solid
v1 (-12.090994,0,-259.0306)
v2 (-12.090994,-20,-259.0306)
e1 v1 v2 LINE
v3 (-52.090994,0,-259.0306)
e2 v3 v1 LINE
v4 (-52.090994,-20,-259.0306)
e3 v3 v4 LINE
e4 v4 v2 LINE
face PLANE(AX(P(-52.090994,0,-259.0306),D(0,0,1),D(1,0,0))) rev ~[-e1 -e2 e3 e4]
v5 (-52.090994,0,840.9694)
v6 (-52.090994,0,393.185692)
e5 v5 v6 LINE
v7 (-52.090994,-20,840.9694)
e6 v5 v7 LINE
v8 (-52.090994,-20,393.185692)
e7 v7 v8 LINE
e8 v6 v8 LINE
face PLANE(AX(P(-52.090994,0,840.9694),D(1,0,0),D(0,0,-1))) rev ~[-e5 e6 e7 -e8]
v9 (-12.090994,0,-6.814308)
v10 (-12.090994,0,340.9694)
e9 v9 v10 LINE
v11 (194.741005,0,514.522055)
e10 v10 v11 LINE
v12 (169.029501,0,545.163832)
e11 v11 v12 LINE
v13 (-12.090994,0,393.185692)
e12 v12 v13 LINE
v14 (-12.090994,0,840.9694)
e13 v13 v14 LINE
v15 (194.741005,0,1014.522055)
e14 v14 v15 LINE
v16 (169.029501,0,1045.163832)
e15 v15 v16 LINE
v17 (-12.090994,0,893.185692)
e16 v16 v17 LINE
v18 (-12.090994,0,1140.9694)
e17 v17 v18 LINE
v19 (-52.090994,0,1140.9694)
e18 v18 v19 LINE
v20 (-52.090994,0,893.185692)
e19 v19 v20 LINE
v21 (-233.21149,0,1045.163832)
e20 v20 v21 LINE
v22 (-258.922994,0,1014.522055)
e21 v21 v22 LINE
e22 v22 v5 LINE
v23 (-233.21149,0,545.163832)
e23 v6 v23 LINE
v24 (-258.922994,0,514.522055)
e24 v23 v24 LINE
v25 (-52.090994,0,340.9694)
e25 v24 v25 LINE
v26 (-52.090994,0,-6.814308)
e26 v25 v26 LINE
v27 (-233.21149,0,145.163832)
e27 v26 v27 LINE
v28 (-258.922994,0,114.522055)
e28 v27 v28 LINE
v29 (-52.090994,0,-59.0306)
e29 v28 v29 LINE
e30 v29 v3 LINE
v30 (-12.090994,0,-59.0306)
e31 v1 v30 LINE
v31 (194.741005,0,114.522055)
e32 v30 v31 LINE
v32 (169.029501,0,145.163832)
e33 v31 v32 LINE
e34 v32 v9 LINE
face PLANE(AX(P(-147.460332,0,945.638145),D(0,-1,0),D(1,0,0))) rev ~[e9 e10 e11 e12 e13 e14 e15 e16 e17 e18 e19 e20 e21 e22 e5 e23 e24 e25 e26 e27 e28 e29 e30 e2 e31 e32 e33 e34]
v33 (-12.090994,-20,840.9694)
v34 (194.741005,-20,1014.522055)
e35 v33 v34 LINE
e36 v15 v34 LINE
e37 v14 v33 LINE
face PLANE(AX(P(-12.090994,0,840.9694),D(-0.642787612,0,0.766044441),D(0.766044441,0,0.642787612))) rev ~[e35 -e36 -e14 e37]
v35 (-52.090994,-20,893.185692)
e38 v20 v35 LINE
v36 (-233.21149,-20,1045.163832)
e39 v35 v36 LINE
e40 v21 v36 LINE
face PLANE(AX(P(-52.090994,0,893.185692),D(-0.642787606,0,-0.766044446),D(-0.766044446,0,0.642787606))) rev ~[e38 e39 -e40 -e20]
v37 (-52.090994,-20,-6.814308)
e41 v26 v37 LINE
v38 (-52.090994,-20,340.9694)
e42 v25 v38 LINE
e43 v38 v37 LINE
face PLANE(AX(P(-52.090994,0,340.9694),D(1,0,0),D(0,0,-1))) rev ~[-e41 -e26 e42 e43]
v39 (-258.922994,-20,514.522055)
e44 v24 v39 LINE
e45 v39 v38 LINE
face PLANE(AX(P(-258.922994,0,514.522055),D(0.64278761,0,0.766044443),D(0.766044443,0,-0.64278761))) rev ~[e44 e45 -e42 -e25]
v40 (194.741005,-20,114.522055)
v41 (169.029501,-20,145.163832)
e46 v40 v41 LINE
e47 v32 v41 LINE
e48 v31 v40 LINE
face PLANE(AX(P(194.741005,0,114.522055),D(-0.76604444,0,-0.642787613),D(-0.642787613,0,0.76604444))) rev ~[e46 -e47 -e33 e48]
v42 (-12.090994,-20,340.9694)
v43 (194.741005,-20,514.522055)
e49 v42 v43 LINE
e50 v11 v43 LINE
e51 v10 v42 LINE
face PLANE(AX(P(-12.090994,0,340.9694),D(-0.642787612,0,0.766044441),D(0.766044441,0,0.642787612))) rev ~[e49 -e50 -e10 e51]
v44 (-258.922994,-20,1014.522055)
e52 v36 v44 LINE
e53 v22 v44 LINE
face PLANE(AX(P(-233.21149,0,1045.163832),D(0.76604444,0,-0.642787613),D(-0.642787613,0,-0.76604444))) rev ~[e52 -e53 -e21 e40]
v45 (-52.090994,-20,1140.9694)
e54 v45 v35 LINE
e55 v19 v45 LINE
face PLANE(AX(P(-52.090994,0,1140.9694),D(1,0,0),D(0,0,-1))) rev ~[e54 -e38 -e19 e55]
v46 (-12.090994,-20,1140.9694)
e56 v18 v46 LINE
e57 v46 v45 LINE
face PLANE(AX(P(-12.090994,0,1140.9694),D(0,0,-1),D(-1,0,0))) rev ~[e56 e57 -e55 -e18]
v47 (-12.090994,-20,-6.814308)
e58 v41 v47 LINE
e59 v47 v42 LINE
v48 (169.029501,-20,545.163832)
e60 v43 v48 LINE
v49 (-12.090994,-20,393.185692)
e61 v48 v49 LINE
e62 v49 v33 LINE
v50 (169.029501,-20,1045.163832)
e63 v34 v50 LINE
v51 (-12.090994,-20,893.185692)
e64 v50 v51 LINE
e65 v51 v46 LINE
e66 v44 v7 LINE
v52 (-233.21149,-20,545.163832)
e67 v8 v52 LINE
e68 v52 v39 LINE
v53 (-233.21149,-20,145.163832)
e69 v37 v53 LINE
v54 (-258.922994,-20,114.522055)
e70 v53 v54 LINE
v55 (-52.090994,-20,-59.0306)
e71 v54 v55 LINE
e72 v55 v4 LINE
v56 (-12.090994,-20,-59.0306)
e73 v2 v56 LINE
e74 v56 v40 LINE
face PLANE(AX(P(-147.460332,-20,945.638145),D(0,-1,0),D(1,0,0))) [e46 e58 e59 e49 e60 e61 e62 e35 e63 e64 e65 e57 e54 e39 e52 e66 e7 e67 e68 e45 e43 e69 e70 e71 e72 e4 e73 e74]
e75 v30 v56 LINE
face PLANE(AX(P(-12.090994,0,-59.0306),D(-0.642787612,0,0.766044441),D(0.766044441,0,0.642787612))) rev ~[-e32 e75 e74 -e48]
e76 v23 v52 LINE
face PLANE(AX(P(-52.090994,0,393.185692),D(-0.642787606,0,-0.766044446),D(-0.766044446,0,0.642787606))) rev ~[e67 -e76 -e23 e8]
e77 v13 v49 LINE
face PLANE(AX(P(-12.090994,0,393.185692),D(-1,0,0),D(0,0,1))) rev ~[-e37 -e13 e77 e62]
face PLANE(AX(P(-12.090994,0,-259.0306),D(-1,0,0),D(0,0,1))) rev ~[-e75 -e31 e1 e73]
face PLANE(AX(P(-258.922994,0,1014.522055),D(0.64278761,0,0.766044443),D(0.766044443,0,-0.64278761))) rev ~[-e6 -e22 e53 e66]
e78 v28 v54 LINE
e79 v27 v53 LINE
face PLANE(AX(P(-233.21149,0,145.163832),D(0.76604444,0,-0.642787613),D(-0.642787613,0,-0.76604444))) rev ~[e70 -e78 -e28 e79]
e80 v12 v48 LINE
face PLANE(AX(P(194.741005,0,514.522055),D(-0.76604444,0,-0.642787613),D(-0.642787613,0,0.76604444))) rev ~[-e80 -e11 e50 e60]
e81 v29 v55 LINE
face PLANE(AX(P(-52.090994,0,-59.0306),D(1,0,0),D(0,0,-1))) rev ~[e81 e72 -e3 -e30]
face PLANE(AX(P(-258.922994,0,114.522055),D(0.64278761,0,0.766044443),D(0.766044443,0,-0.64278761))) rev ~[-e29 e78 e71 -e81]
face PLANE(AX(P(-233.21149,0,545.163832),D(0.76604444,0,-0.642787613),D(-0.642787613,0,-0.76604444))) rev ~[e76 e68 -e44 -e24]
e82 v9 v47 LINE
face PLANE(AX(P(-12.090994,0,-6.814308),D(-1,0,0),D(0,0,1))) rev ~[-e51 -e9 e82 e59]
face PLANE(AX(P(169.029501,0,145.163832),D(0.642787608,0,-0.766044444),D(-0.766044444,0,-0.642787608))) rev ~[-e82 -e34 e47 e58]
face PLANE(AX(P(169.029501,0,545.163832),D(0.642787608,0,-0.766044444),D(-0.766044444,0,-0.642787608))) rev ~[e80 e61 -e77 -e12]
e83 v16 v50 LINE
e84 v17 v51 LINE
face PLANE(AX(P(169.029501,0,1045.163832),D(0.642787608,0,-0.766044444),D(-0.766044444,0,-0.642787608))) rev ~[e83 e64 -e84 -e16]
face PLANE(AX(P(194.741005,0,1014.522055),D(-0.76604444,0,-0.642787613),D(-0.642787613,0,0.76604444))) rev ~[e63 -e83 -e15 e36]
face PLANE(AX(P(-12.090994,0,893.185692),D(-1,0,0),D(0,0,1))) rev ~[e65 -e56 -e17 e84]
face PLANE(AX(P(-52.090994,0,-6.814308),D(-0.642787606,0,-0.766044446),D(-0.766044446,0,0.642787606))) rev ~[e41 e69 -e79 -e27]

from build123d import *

# Parameters (mm, degrees)
F1_DEPTH = 20


with BuildPart() as f1:
    # F0 (on Front) → F1 (new body)
    with BuildSketch(Plane.XZ):
        Polygon((-52.090994, 840.9694), (-52.090994, 893.185692), (-233.21149, 1045.163832), (-258.922994, 1014.522055), align=None)
        Polygon((169.029501, 1045.163832), (-12.090994, 893.185692), (-12.090994, 840.9694), (194.741005, 1014.522055), align=None)
        Polygon((-12.090994, 1140.9694), (-52.090994, 1140.9694), (-52.090994, 893.185692), (-52.090994, 840.9694), (-52.090994, 393.185692), (-52.090994, 340.9694), (-52.090994, -6.814308), (-52.090994, -59.0306), (-52.090994, -259.0306), (-12.090994, -259.0306), (-12.090994, -59.0306), (-12.090994, -6.814308), (-12.090994, 340.9694), (-12.090994, 393.185692), (-12.090994, 840.9694), (-12.090994, 893.185692), align=None)
        Polygon((-52.090994, 340.9694), (-52.090994, 393.185692), (-233.21149, 545.163832), (-258.922994, 514.522055), align=None)
        Polygon((169.029501, 545.163832), (-12.090994, 393.185692), (-12.090994, 340.9694), (194.741005, 514.522055), align=None)
        Polygon((-52.090994, -59.0306), (-52.090994, -6.814308), (-233.21149, 145.163832), (-258.922994, 114.522055), align=None)
        Polygon((169.029501, 145.163832), (-12.090994, -6.814308), (-12.090994, -59.0306), (194.741005, 114.522055), align=None)
    extrude(amount=F1_DEPTH)


solid = f1.part
